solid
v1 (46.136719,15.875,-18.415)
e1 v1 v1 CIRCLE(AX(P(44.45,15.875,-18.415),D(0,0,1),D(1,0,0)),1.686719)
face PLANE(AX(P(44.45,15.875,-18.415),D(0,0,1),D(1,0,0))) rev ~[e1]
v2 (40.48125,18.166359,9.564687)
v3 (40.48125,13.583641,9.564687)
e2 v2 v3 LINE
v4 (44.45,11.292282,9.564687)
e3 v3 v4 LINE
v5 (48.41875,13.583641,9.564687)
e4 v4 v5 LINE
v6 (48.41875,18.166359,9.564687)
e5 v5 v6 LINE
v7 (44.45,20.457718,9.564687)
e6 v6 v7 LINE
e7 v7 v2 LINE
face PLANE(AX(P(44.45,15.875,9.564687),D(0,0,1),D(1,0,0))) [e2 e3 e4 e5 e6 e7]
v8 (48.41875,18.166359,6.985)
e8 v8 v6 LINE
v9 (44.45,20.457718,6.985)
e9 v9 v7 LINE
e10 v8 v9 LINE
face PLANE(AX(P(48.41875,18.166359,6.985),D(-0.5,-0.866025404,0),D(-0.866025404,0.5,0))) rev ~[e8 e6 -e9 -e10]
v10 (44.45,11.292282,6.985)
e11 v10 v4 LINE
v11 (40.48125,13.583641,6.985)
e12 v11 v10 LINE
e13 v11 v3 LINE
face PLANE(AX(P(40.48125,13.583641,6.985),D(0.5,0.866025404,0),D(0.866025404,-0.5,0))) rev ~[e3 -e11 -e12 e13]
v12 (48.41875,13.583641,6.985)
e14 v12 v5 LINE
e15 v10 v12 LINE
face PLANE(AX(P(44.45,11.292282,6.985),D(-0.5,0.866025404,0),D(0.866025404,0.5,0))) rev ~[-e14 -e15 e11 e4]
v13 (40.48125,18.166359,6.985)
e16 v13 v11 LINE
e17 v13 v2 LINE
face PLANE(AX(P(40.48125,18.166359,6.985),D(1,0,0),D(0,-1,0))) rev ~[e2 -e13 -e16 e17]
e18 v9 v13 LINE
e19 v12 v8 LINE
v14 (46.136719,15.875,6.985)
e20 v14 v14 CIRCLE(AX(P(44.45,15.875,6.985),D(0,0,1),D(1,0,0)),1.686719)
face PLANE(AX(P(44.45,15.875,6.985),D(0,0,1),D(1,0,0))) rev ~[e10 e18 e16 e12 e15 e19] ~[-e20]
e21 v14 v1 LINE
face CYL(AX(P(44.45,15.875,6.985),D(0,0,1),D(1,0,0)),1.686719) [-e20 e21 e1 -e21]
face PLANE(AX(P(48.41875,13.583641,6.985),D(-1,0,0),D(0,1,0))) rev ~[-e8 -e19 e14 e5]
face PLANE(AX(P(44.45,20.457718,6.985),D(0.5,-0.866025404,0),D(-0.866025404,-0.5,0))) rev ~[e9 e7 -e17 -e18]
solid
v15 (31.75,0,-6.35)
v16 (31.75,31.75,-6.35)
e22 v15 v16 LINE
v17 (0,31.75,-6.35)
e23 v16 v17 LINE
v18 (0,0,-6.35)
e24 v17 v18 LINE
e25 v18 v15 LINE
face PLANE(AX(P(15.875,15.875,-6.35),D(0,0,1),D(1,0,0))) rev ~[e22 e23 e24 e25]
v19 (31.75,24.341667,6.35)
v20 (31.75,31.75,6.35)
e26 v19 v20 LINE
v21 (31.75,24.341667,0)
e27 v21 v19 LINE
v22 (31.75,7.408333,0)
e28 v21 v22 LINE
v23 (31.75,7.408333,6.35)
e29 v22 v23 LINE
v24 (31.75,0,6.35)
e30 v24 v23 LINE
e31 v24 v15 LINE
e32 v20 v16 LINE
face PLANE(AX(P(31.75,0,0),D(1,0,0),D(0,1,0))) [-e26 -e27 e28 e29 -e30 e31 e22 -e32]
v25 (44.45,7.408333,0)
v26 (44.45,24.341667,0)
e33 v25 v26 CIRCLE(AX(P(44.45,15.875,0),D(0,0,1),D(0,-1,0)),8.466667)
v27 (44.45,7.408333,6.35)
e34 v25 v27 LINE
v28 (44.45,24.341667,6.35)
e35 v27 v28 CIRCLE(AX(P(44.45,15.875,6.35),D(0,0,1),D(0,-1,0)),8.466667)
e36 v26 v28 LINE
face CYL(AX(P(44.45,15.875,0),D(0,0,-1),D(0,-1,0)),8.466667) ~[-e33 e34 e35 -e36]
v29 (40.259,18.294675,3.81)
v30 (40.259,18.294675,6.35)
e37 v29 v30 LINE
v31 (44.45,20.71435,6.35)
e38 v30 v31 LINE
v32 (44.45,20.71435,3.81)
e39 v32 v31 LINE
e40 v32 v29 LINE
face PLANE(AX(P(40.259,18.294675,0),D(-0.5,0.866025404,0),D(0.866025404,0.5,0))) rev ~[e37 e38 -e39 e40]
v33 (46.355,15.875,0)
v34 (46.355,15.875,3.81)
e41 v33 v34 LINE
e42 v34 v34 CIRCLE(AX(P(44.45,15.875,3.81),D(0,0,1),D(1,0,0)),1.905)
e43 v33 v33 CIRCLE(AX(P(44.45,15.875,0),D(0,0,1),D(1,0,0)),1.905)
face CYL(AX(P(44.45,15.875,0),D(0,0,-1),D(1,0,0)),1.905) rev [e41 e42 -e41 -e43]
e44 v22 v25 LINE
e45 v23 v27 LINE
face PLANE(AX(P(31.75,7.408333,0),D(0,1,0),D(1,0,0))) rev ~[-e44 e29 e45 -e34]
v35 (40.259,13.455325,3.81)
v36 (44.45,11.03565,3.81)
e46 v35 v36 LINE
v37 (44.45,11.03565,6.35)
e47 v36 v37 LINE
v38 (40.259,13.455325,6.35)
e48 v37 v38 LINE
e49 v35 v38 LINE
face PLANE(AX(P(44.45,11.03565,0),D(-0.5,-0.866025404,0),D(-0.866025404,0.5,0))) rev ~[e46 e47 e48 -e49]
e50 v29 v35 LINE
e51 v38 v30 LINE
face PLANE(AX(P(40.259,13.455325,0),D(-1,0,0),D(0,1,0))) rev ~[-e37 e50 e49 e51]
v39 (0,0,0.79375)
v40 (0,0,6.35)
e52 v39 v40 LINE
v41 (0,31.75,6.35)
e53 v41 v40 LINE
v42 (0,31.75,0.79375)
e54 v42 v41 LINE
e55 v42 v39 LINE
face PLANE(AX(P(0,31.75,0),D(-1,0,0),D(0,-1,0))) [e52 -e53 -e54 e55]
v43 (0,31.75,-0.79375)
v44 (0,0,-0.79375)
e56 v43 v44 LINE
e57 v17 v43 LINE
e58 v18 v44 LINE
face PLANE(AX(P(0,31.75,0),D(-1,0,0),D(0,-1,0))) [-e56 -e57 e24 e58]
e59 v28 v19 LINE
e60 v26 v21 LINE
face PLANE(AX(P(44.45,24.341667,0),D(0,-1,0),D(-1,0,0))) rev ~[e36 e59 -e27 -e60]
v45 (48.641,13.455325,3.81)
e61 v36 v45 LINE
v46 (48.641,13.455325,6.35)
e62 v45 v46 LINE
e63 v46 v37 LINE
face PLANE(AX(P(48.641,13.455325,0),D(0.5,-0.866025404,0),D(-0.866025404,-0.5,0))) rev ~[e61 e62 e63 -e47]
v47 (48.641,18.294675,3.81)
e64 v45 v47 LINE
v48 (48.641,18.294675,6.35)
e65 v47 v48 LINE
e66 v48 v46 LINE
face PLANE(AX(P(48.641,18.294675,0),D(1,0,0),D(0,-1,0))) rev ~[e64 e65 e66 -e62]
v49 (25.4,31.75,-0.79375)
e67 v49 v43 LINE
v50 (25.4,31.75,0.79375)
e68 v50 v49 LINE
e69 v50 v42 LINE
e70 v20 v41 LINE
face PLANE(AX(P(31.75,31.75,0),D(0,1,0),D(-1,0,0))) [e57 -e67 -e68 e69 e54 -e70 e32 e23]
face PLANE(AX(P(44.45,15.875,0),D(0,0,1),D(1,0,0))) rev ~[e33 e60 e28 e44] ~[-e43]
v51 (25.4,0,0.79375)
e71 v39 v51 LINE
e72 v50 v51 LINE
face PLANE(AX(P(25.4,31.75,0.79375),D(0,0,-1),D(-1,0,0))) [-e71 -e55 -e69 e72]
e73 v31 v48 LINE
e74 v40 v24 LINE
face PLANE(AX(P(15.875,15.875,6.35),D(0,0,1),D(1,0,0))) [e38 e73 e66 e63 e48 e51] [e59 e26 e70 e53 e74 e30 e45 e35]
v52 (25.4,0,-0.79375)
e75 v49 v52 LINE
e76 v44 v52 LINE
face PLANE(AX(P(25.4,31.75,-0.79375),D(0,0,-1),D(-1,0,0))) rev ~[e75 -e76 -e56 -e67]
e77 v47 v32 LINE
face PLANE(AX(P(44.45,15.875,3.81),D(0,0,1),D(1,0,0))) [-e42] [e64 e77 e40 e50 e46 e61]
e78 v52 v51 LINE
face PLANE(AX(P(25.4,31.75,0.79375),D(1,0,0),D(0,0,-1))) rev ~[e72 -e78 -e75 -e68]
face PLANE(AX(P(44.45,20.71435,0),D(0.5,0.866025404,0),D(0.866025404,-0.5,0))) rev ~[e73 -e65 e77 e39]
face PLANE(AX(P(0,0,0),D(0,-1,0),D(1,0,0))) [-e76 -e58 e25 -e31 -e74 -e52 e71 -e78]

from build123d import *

# Parameters (mm, degrees)
F1_DEPTH = 6.35
F2_DEPTH = 6.35
F0_R     = 1.905
F3_DEPTH = 3.81
F4_W     = 25.4
F4_H     = 0.79375
F5_DEPTH = 31.751
F7_R     = 1.68671875
F8_DEPTH = 25.4
F9_DEPTH = 2.5796875


with BuildPart() as f1:
    # F0 (on Top) → F1 (new body, symmetric)
    with BuildSketch(Plane.XY):
        Polygon((31.75, 31.75), (0, 31.75), (0, 0), (31.75, 0), (31.75, 7.4083333333), (31.75, 24.3416666667), align=None)
    extrude(amount=F1_DEPTH, both=True)

    # F0 (on Top) → F2 (join)
    with BuildSketch(Plane.XY):
        with BuildLine():
            Line((44.45, 24.3416666667), (31.75, 24.3416666667))
            Line((31.75, 24.3416666667), (31.75, 7.4083333333))
            Line((31.75, 7.4083333333), (44.45, 7.4083333333))
            ThreePointArc((44.45, 7.4083333333), (52.9166666667, 15.875), (44.45, 24.3416666667))
        make_face()
        Polygon((44.45, 20.7143499563), (48.641, 18.2946749782), (48.641, 13.4553250218), (44.45, 11.0356500437), (40.259, 13.4553250218), (40.259, 18.2946749782), align=None, mode=Mode.SUBTRACT)
    extrude(amount=F2_DEPTH)

    # F0 (on Top) → F3 (join)
    with BuildSketch(Plane.XY):
        Polygon((48.641, 13.4553250218), (48.641, 18.2946749782), (44.45, 20.7143499563), (40.259, 18.2946749782), (40.259, 13.4553250218), (44.45, 11.0356500437), align=None)
        with Locations((44.45, 15.875)):
            Circle(F0_R, mode=Mode.SUBTRACT)
    extrude(amount=F3_DEPTH)

    # F4 (on face) → F5 (cut, through all)
    with BuildSketch(Plane(origin=(0, 31.75, 0), x_dir=(-1, 0, 0), z_dir=(0, 1, 0))):
        with Locations((-12.7, 0.396875)):
            Rectangle(F4_W, F4_H)
        with Locations((-12.7, -0.396875)):
            Rectangle(F4_W, F4_H)
    extrude(amount=-F5_DEPTH, mode=Mode.SUBTRACT)


with BuildPart() as f8:
    # F7 (on offset) → F8 (new body)
    with BuildSketch(Plane.XY.offset(6.985)):
        with Locations((44.45, 15.875)):
            Circle(F7_R)
    extrude(amount=-F8_DEPTH)

    # F7 (on offset) → F9 (join)
    with BuildSketch(Plane.XY.offset(6.985)):
        Polygon((48.41875, 13.5836411192), (48.41875, 18.1663588808), (44.45, 20.4577177617), (40.48125, 18.1663588808), (40.48125, 13.5836411192), (44.45, 11.2922822383), align=None)
        with Locations((44.45, 15.875)):
            Circle(F7_R, mode=Mode.SUBTRACT)
        with Locations((44.45, 15.875)):
            Circle(F7_R)
    extrude(amount=F9_DEPTH)


solid = Compound([f1.part, f8.part])
